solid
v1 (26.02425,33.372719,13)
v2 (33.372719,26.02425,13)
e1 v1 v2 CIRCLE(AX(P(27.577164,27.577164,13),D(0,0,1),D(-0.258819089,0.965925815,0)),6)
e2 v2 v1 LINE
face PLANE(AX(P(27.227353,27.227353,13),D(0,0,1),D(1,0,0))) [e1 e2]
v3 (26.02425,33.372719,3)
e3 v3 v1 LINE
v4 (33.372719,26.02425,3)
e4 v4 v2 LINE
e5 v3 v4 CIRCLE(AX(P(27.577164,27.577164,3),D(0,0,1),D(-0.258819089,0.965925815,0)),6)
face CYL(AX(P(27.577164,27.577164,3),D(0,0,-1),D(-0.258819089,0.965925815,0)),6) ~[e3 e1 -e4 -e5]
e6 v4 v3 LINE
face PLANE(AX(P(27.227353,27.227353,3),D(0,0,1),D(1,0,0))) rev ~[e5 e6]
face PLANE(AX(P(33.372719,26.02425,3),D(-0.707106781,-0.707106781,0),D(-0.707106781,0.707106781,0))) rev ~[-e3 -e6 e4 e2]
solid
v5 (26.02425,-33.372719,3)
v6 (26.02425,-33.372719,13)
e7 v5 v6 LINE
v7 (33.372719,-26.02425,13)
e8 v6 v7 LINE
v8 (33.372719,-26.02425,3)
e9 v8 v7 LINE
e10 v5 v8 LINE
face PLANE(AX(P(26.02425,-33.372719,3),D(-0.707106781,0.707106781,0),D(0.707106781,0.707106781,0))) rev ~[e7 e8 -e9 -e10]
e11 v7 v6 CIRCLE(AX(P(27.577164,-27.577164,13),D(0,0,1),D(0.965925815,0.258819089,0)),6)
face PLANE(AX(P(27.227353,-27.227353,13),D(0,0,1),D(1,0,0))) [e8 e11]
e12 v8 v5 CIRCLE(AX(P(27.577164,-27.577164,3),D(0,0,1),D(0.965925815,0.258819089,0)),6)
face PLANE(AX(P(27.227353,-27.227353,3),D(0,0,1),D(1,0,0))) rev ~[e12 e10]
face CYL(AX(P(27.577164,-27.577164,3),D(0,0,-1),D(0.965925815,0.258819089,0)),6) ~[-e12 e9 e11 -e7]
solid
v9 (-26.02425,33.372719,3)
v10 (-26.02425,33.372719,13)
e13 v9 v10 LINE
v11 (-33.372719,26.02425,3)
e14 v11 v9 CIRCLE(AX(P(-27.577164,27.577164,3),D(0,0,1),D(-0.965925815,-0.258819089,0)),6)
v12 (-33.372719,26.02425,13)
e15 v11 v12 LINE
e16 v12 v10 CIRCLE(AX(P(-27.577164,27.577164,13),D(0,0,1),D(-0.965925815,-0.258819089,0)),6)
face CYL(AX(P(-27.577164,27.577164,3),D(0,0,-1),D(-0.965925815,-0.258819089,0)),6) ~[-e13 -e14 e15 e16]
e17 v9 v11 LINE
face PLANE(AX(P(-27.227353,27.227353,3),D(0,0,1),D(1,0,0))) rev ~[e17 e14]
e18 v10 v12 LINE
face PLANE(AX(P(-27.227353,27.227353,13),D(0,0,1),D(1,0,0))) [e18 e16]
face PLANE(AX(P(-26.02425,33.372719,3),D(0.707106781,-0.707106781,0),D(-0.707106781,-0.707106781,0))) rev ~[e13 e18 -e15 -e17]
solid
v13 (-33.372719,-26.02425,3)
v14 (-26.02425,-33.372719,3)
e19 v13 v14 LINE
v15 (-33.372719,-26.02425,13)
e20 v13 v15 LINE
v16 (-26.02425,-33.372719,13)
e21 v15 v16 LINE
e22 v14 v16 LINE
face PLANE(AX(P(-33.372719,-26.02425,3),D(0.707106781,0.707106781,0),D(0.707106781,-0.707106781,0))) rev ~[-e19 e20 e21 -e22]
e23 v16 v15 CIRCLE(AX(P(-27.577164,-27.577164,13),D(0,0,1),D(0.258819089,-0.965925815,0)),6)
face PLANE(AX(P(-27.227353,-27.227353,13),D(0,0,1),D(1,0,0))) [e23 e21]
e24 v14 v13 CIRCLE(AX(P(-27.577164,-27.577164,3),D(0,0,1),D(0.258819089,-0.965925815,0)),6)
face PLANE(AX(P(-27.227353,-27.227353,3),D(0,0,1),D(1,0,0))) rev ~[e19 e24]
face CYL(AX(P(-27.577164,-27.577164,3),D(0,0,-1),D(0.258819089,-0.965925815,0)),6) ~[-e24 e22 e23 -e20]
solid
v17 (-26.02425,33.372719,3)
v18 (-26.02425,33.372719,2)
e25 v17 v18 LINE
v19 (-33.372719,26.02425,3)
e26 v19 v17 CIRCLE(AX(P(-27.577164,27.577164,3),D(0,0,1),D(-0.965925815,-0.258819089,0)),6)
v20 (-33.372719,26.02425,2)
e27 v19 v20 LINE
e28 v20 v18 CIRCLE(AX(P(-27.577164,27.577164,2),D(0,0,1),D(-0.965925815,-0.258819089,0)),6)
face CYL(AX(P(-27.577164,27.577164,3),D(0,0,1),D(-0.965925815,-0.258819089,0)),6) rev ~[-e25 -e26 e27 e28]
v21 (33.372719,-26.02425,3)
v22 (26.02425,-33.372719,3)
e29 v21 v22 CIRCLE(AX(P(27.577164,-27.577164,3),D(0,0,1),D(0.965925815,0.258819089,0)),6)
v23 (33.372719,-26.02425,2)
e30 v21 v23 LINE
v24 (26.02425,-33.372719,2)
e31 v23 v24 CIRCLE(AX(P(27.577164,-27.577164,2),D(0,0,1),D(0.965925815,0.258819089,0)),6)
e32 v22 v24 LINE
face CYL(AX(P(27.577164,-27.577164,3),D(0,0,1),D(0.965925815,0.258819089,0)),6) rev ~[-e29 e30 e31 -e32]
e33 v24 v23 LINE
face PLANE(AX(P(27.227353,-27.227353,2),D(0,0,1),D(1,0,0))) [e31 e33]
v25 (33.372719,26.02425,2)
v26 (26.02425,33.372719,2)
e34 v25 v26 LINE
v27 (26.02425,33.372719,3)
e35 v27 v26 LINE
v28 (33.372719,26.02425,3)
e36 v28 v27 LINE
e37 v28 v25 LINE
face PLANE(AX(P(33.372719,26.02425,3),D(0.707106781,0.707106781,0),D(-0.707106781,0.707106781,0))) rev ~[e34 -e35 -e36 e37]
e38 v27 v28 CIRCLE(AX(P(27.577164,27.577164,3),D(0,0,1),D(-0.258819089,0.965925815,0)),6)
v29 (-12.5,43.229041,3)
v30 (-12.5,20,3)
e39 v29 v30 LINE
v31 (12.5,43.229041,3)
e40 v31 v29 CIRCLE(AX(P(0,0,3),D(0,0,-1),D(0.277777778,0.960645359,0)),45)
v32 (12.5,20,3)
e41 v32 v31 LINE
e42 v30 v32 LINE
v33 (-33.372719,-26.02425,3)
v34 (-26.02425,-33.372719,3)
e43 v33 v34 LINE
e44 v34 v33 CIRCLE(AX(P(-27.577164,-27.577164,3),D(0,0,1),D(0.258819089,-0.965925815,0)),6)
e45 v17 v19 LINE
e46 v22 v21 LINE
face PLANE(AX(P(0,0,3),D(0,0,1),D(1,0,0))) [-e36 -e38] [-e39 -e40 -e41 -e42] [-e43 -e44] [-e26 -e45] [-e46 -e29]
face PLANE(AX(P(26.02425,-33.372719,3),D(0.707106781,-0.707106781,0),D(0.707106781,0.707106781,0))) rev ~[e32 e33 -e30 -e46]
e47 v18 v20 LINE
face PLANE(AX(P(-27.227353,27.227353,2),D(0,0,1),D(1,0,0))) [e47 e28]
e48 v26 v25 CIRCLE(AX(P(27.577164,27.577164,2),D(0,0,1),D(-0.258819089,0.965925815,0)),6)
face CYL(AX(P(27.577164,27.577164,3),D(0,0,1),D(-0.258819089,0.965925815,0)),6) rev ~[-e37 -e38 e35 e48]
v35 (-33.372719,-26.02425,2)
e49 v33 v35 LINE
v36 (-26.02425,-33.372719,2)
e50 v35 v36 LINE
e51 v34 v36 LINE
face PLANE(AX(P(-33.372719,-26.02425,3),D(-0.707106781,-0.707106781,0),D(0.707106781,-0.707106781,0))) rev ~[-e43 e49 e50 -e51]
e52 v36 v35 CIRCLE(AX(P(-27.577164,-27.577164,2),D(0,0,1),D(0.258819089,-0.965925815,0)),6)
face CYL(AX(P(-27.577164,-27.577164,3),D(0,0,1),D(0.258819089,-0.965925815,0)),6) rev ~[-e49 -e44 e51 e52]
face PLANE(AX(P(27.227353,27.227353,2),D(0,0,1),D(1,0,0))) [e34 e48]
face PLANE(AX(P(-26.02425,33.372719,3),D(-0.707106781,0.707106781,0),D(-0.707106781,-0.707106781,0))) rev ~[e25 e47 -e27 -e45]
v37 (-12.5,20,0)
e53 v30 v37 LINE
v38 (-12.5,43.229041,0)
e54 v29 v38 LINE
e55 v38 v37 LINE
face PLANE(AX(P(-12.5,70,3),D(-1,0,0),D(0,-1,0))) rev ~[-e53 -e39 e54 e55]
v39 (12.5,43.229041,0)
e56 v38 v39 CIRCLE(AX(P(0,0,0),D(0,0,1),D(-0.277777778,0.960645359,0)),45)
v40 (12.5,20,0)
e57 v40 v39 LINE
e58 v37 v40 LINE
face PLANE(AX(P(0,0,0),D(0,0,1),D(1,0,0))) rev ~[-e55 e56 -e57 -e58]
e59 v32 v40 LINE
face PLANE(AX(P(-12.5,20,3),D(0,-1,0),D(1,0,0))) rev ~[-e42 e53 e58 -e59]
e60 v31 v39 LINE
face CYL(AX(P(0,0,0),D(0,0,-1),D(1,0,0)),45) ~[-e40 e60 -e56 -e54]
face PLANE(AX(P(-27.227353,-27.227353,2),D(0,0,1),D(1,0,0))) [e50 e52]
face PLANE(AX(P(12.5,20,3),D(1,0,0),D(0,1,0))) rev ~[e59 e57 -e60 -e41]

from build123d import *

# Parameters (mm, degrees)
F0_R     = 45
F1_DEPTH = 3
F3_DEPTH = 25
F4_DEPTH = 10
F5_DEPTH = 1


with BuildPart() as f1:
    # F0 (on Top) → F1 (new body)
    with BuildSketch(Plane.XY):
        Circle(F0_R)
    extrude(amount=F1_DEPTH)

    # F2 (on face) → F3 (cut)
    with BuildSketch(Plane.XY.offset(3)):
        with BuildLine():
            Line((12.5, 70), (-12.5, 70))
            Line((-12.5, 70), (-12.5, 43.229041))
            ThreePointArc((-12.5, 43.229041), (0, 45), (12.5, 43.229041))
            Line((12.5, 43.229041), (12.5, 70))
        make_face()
        with BuildLine():
            ThreePointArc((12.5, 43.229041), (0, 45), (-12.5, 43.229041))
            Line((-12.5, 43.229041), (-12.5, 20))
            Line((-12.5, 20), (12.5, 20))
            Line((12.5, 20), (12.5, 43.229041))
        make_face()
    extrude(amount=-F3_DEPTH, mode=Mode.SUBTRACT)

    # F2 (on face) → F5 (cut)
    with BuildSketch(Plane.XY.offset(3)):
        with BuildLine():
            Line((-26.02425, 33.372719), (-33.372719, 26.02425))
            ThreePointArc((-33.372719, 26.02425), (-23.334524, 23.334524), (-26.02425, 33.372719))
        make_face()
        with BuildLine():
            Line((-33.372719, -26.02425), (-26.02425, -33.372719))
            ThreePointArc((-26.02425, -33.372719), (-23.334524, -23.334524), (-33.372719, -26.02425))
        make_face()
        with BuildLine():
            Line((26.02425, -33.372719), (33.372719, -26.02425))
            ThreePointArc((33.372719, -26.02425), (23.334524, -23.334524), (26.02425, -33.372719))
        make_face()
        with BuildLine():
            Line((33.372719, 26.02425), (26.02425, 33.372719))
            ThreePointArc((26.02425, 33.372719), (23.334524, 23.334524), (33.372719, 26.02425))
        make_face()
    extrude(amount=-F5_DEPTH, mode=Mode.SUBTRACT)


with BuildPart() as f4:
    # F2 (on face) → F4 (new body)
    with BuildSketch(Plane.XY.offset(3)):
        with BuildLine():
            Line((-26.02425, 33.372719), (-33.372719, 26.02425))
            ThreePointArc((-33.372719, 26.02425), (-23.334524, 23.334524), (-26.02425, 33.372719))
        make_face()
        with BuildLine():
            Line((33.372719, 26.02425), (26.02425, 33.372719))
            ThreePointArc((26.02425, 33.372719), (23.334524, 23.334524), (33.372719, 26.02425))
        make_face()
        with BuildLine():
            Line((-33.372719, -26.02425), (-26.02425, -33.372719))
            ThreePointArc((-26.02425, -33.372719), (-23.334524, -23.334524), (-33.372719, -26.02425))
        make_face()
        with BuildLine():
            Line((26.02425, -33.372719), (33.372719, -26.02425))
            ThreePointArc((33.372719, -26.02425), (23.334524, -23.334524), (26.02425, -33.372719))
        make_face()
    extrude(amount=F4_DEPTH)


solid = Compound([f1.part, f4.part])
